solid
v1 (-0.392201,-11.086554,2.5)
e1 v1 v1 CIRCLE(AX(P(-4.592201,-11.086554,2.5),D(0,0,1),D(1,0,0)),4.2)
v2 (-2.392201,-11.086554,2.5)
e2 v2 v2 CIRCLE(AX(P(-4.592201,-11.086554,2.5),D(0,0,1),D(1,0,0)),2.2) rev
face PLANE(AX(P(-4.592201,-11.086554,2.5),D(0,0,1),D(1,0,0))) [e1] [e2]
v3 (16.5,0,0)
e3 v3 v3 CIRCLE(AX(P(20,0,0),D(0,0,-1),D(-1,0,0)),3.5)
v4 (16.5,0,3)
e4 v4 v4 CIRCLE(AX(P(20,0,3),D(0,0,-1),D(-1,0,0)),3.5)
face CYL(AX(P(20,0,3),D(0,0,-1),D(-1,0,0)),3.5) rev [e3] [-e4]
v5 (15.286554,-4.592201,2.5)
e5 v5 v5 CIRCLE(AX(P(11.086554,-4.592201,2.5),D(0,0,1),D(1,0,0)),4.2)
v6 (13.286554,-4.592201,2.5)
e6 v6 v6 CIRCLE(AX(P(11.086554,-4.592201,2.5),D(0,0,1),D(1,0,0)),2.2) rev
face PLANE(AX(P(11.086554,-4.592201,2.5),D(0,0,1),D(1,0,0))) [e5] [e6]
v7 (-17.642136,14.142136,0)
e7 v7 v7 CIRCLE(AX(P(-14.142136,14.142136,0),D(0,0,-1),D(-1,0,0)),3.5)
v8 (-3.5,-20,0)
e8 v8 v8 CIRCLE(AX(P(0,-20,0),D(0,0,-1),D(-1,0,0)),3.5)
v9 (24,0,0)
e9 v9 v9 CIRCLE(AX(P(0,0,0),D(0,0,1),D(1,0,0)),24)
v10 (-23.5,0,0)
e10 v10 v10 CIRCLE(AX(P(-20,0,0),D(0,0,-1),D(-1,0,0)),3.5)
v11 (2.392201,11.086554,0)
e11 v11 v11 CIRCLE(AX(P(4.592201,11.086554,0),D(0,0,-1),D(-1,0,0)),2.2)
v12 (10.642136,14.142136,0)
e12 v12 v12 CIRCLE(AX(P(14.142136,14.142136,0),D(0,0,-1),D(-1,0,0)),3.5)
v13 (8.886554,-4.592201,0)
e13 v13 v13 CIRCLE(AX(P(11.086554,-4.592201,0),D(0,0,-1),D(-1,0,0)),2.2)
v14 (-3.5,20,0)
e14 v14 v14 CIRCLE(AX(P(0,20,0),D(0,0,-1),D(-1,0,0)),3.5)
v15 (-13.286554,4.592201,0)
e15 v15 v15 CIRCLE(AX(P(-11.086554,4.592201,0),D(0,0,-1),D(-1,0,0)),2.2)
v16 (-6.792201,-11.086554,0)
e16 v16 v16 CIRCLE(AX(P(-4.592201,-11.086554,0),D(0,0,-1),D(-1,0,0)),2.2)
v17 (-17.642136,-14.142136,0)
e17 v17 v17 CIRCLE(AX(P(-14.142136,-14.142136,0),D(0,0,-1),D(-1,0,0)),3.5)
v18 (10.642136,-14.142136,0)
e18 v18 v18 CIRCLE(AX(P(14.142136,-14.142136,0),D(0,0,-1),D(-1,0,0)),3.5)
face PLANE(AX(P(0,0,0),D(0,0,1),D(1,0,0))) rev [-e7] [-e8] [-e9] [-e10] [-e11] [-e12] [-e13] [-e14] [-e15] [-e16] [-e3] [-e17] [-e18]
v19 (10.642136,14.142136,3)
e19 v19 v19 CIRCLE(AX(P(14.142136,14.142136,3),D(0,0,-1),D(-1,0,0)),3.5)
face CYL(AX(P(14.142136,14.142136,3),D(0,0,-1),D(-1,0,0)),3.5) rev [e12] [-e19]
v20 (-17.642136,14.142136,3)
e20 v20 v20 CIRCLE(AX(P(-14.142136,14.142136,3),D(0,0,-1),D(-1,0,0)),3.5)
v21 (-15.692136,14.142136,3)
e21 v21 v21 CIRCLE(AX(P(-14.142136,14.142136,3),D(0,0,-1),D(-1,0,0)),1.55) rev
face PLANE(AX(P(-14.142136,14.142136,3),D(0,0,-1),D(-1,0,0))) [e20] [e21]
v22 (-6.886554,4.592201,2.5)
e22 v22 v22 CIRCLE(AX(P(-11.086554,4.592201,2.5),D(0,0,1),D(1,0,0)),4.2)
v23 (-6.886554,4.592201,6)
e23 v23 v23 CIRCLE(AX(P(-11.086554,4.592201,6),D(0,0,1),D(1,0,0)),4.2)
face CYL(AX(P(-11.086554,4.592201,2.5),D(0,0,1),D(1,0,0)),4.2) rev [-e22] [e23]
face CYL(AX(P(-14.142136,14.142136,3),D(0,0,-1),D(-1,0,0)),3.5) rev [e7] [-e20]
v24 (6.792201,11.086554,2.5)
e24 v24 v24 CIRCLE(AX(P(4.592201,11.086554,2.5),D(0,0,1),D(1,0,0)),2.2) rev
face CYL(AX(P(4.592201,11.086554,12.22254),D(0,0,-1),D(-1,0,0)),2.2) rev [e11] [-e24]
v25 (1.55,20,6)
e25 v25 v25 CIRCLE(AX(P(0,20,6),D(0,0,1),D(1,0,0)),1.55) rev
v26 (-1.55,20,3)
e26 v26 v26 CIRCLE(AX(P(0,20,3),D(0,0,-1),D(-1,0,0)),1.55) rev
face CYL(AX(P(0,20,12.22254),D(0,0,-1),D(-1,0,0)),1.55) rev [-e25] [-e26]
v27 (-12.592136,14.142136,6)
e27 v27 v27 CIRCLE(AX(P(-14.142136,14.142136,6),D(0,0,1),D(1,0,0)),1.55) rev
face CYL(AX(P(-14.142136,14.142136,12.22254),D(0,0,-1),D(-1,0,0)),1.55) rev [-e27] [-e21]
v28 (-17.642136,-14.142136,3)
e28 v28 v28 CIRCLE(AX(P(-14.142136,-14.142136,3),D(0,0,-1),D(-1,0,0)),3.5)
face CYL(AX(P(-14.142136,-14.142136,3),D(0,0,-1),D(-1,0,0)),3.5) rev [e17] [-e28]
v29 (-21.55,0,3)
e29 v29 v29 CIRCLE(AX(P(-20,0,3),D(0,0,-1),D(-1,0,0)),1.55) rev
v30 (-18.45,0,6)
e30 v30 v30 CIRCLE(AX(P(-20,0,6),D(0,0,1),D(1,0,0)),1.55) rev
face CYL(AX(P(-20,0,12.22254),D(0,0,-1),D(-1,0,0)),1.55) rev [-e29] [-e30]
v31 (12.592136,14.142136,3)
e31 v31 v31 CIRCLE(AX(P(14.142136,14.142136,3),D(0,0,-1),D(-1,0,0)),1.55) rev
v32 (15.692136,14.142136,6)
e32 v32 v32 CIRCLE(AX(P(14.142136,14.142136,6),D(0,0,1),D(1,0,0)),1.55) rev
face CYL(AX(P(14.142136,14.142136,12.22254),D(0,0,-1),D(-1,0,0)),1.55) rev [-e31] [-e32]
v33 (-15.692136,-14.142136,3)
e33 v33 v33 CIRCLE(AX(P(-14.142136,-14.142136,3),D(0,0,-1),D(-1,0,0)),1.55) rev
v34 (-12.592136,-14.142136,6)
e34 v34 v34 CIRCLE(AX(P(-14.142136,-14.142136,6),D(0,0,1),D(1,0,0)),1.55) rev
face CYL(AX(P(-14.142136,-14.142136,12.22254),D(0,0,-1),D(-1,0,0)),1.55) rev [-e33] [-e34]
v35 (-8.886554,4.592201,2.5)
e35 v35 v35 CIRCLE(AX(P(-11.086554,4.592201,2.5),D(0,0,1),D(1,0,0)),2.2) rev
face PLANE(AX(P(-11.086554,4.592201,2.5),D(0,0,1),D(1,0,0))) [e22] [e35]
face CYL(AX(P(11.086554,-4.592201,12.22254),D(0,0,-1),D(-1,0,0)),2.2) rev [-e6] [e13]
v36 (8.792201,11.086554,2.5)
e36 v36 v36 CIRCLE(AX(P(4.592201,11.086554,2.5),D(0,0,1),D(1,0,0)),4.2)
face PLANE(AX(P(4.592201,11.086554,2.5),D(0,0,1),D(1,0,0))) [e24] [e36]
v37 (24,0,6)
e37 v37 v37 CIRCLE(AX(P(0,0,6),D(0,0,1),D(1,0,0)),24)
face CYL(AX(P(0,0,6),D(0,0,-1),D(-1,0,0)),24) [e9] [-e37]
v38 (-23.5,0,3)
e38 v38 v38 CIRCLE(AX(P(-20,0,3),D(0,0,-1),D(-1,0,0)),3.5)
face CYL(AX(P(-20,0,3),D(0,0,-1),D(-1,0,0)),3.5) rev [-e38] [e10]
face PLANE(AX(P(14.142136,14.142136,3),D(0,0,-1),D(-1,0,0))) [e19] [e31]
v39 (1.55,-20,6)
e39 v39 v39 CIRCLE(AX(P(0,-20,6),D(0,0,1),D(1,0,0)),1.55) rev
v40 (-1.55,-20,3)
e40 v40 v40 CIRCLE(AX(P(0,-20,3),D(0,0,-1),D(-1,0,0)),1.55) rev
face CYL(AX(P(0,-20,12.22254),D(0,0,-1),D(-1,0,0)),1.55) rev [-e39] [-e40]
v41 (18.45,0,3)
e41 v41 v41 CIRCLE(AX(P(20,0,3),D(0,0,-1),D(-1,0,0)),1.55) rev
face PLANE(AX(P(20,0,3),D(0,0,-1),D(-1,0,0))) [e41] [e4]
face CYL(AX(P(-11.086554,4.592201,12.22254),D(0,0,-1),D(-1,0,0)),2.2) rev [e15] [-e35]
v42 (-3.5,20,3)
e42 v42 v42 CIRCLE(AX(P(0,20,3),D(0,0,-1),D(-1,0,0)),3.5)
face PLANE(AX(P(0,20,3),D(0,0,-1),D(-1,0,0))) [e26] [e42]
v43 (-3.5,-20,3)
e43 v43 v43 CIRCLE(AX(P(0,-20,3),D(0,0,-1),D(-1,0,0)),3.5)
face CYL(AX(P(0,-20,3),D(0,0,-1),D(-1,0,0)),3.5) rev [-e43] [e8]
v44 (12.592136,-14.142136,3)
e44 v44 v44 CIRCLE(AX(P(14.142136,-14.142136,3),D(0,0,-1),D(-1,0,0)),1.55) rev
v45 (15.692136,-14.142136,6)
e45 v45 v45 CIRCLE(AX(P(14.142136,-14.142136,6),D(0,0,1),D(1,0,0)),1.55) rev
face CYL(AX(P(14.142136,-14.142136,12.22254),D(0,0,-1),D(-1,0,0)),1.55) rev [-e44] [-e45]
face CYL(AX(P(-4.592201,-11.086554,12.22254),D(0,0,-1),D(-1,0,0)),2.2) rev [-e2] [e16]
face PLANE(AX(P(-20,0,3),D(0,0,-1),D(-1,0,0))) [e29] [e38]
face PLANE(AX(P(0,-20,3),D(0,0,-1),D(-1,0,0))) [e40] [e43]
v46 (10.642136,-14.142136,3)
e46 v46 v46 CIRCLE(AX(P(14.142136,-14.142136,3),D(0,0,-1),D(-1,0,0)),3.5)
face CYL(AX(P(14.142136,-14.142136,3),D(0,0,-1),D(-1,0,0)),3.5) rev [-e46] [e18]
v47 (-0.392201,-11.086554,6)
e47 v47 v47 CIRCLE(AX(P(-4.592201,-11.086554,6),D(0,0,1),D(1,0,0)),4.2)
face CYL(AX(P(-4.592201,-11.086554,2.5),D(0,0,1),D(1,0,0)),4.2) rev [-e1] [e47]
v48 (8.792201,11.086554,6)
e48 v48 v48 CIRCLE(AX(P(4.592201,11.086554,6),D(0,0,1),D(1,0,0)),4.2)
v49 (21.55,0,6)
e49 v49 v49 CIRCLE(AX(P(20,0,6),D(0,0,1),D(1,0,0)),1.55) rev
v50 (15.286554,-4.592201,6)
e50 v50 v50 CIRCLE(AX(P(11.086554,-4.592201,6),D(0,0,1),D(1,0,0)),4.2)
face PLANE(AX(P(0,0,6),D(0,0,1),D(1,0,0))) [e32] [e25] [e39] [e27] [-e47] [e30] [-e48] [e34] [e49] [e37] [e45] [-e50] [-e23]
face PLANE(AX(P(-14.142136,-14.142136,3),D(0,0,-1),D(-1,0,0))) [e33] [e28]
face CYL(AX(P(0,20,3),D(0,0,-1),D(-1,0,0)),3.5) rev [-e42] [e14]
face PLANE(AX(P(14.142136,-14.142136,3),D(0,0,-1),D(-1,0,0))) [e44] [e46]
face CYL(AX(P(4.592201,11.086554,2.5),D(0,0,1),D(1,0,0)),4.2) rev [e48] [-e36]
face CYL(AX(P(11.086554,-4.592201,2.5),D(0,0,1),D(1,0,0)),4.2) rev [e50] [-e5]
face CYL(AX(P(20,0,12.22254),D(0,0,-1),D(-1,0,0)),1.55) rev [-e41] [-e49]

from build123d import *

# Parameters (mm, degrees)
SKETCH6_R           = 24
BOSS_EXTRUDE1_DEPTH = 6
SKETCH8_R           = 1.55
SKETCH8_R_2         = 2.2
CUT_EXTRUDE6_DEPTH  = 6
SKETCH11_R          = 4.2
CUT_EXTRUDE7_DEPTH  = 3.5
SKETCH12_R          = 3.5
CUT_EXTRUDE8_DEPTH  = 3


with BuildPart() as part:
    # Sketch6 → Boss-Extrude1 (new body)
    with BuildSketch(Plane.XY):
        Circle(SKETCH6_R)
    extrude(amount=BOSS_EXTRUDE1_DEPTH)

    # Sketch8 → Cut-Extrude6 (cut)
    with BuildSketch(Plane(origin=(0, 0, 0), x_dir=(-1, 0, 0), z_dir=(0, 0, -1))):
        with Locations((0, 20)):
            Circle(SKETCH8_R)
        with Locations((14.142135624, 14.142135624)):
            Circle(SKETCH8_R)
        with Locations((20, 0)):
            Circle(SKETCH8_R)
        with Locations((14.142135624, -14.142135624)):
            Circle(SKETCH8_R)
        with Locations((0, -20)):
            Circle(SKETCH8_R)
        with Locations((-14.142135624, -14.142135624)):
            Circle(SKETCH8_R)
        with Locations((-20, 0)):
            Circle(SKETCH8_R)
        with Locations((-14.142135624, 14.142135624)):
            Circle(SKETCH8_R)
        with Locations((11.08655439, 4.592201188)):
            Circle(SKETCH8_R_2)
        with Locations((4.592201188, -11.08655439)):
            Circle(SKETCH8_R_2)
        with Locations((-11.08655439, -4.592201188)):
            Circle(SKETCH8_R_2)
        with Locations((-4.592201188, 11.08655439)):
            Circle(SKETCH8_R_2)
    extrude(amount=-CUT_EXTRUDE6_DEPTH, mode=Mode.SUBTRACT)

    # Sketch11 → Cut-Extrude7 (cut)
    with BuildSketch(Plane.XY.offset(6)):
        with Locations((-11.08655439, 4.592201188)):
            Circle(SKETCH11_R)
        with Locations((4.592201188, 11.08655439)):
            Circle(SKETCH11_R)
        with Locations((11.08655439, -4.592201188)):
            Circle(SKETCH11_R)
        with Locations((-4.592201188, -11.08655439)):
            Circle(SKETCH11_R)
    extrude(amount=-CUT_EXTRUDE7_DEPTH, mode=Mode.SUBTRACT)

    # Sketch12 → Cut-Extrude8 (cut)
    with BuildSketch(Plane(origin=(0, 0, 0), x_dir=(-1, 0, 0), z_dir=(0, 0, -1))):
        with Locations((0, 20)):
            Circle(SKETCH12_R)
        with Locations((14.142135624, 14.142135624)):
            Circle(SKETCH12_R)
        with Locations((20, 0)):
            Circle(SKETCH12_R)
        with Locations((14.142135624, -14.142135624)):
            Circle(SKETCH12_R)
        with Locations((0, -20)):
            Circle(SKETCH12_R)
        with Locations((-14.142135624, -14.142135624)):
            Circle(SKETCH12_R)
        with Locations((-20, 0)):
            Circle(SKETCH12_R)
        with Locations((-14.142135624, 14.142135624)):
            Circle(SKETCH12_R)
    extrude(amount=-CUT_EXTRUDE8_DEPTH, mode=Mode.SUBTRACT)


solid = part.part
